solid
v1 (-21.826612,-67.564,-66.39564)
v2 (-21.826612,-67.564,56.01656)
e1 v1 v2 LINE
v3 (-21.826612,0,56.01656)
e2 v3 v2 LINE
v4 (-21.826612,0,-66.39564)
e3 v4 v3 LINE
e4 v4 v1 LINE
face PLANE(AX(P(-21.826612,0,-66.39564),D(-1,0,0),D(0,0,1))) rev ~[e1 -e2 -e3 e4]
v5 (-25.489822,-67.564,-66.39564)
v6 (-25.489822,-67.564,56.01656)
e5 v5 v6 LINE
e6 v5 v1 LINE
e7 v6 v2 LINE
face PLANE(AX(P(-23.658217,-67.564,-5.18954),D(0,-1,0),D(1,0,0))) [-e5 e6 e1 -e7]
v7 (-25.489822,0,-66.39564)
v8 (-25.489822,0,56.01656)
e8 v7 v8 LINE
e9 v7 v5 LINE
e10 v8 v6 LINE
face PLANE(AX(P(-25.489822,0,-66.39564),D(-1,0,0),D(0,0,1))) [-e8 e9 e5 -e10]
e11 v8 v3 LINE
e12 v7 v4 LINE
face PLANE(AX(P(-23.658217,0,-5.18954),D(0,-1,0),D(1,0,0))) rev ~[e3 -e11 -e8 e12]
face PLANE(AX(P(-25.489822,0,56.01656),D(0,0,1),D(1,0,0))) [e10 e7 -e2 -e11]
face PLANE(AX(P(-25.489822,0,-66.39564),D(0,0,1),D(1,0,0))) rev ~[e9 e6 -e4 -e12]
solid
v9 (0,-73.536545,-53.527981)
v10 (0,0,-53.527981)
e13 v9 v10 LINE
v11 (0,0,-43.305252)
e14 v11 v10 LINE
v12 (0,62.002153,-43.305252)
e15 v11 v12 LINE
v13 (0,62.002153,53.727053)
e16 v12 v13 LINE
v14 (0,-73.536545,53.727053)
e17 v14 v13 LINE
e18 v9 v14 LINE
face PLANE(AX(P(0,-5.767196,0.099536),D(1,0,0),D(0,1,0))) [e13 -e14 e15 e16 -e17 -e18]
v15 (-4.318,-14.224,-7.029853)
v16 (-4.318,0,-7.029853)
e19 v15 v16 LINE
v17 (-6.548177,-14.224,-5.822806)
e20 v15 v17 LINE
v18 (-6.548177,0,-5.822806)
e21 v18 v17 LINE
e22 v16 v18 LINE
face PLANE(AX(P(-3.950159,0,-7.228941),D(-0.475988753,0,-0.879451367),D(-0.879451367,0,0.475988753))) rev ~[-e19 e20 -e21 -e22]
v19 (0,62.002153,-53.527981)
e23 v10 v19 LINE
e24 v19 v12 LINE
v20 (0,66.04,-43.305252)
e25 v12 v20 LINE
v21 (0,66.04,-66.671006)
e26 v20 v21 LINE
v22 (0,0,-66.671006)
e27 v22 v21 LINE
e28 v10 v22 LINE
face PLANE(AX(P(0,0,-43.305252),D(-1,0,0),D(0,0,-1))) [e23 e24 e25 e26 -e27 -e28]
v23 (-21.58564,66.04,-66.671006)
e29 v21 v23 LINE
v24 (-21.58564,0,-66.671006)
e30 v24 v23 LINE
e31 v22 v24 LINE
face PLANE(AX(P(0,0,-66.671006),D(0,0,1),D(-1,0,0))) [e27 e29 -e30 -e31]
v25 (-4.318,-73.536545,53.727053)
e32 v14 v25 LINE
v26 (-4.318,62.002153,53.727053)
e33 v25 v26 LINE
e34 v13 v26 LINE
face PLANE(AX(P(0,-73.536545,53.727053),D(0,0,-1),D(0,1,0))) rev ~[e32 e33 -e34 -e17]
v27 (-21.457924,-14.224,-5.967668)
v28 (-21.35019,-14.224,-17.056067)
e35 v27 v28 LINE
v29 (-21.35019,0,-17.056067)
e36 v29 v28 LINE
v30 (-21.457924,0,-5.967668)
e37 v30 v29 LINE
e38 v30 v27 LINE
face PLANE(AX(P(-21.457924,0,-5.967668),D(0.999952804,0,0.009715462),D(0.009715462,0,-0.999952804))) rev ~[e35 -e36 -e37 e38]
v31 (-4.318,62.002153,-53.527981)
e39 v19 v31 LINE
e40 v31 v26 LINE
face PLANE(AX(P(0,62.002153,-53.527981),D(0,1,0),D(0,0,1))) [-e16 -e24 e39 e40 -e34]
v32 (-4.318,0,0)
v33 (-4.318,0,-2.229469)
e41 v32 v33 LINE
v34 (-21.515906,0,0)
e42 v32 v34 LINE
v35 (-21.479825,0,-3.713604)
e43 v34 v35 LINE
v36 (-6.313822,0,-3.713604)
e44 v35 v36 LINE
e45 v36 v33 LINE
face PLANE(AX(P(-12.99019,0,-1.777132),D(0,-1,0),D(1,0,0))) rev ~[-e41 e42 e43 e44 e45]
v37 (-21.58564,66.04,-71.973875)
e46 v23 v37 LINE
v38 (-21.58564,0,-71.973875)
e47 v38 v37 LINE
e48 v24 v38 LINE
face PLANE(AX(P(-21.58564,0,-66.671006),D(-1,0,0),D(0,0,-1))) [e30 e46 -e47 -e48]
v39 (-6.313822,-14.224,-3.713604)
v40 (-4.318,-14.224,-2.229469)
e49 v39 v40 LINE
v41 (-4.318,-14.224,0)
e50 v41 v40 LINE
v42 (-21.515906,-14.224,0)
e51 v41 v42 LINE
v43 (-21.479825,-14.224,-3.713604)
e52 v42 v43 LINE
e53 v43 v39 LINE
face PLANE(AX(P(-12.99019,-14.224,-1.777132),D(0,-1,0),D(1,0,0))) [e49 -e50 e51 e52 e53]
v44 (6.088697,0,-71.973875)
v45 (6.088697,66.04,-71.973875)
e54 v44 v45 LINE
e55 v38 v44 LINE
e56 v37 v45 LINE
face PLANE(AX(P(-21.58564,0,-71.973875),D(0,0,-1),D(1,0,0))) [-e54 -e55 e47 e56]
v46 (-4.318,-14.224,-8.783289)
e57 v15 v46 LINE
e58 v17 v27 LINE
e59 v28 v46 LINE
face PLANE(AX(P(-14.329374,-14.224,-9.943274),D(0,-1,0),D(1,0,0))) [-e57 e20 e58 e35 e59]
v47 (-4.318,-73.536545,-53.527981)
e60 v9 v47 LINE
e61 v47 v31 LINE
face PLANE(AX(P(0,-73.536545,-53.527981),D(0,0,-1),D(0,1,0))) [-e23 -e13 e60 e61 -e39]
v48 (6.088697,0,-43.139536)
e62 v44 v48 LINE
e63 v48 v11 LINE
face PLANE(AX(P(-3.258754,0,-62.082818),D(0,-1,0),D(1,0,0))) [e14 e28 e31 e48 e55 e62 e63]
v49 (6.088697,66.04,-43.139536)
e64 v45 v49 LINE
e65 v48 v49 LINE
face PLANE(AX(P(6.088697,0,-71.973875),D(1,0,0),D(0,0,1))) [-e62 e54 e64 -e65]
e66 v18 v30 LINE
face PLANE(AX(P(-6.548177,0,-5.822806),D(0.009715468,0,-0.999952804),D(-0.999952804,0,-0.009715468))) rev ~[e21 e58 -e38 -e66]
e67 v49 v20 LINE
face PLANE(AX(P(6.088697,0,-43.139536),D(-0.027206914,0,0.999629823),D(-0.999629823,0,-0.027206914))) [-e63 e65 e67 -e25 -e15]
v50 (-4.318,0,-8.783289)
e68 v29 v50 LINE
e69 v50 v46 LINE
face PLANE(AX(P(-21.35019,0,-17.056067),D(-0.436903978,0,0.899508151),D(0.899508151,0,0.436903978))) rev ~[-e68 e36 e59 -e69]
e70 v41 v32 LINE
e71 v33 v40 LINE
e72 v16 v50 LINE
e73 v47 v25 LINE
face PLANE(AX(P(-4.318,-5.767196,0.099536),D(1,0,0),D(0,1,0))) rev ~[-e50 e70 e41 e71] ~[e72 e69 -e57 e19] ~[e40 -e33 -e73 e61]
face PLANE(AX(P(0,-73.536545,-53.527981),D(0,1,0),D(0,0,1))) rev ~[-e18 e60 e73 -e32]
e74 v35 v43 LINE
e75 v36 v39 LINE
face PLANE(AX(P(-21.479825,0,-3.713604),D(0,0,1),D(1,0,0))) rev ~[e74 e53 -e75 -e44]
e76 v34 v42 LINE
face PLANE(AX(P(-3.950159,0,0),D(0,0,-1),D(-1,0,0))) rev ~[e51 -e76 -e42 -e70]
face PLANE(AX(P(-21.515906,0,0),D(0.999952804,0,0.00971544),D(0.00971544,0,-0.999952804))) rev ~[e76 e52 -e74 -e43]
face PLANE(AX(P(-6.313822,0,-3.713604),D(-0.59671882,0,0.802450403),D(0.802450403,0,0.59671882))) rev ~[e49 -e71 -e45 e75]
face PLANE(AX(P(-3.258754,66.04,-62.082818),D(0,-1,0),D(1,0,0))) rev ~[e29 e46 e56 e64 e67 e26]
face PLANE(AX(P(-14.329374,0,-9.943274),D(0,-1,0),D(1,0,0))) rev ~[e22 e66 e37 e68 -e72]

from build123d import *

# Parameters (mm, degrees)
F0_W     = 135.538697
F0_H     = 107.255034
F1_DEPTH = 4.318
F3_W     = 3.66321
F3_H     = 122.412201
F4_DEPTH = 67.564
F5_DEPTH = 66.04
F7_DEPTH = 14.224


with BuildPart() as f1:
    # F0 (on Right) → F1 (new body)
    with BuildSketch(Plane.YZ):
        with Locations((-5.767196, 0.099536)):
            Rectangle(F0_W, F0_H)
    extrude(amount=-F1_DEPTH)

    # F2 (on Front) → F5 (join)
    with BuildSketch(Plane.XZ):
        Polygon((6.088697, -43.139536), (0, -43.305252), (0, -66.671006), (-21.58564, -66.671006), (-21.58564, -71.973875), (6.088697, -71.973875), align=None)
    extrude(amount=-F5_DEPTH)

    # F6 (on Front) → F7 (join)
    with BuildSketch(Plane.XZ):
        Polygon((-3.950159, 0), (-21.515906, 0), (-21.479825, -3.713604), (-6.313822, -3.713604), (-3.950159, -1.955935), align=None)
        Polygon((-6.548177, -5.822806), (-21.457924, -5.967668), (-21.35019, -17.056067), (-3.950159, -8.604623), (-3.950159, -7.228941), align=None)
    extrude(amount=F7_DEPTH)


with BuildPart() as f4:
    # F3 (on Front) → F4 (new body)
    with BuildSketch(Plane.XZ):
        with Locations((-23.658217, -5.18954)):
            Rectangle(F3_W, F3_H)
    extrude(amount=F4_DEPTH)


solid = Compound([f1.part, f4.part])
